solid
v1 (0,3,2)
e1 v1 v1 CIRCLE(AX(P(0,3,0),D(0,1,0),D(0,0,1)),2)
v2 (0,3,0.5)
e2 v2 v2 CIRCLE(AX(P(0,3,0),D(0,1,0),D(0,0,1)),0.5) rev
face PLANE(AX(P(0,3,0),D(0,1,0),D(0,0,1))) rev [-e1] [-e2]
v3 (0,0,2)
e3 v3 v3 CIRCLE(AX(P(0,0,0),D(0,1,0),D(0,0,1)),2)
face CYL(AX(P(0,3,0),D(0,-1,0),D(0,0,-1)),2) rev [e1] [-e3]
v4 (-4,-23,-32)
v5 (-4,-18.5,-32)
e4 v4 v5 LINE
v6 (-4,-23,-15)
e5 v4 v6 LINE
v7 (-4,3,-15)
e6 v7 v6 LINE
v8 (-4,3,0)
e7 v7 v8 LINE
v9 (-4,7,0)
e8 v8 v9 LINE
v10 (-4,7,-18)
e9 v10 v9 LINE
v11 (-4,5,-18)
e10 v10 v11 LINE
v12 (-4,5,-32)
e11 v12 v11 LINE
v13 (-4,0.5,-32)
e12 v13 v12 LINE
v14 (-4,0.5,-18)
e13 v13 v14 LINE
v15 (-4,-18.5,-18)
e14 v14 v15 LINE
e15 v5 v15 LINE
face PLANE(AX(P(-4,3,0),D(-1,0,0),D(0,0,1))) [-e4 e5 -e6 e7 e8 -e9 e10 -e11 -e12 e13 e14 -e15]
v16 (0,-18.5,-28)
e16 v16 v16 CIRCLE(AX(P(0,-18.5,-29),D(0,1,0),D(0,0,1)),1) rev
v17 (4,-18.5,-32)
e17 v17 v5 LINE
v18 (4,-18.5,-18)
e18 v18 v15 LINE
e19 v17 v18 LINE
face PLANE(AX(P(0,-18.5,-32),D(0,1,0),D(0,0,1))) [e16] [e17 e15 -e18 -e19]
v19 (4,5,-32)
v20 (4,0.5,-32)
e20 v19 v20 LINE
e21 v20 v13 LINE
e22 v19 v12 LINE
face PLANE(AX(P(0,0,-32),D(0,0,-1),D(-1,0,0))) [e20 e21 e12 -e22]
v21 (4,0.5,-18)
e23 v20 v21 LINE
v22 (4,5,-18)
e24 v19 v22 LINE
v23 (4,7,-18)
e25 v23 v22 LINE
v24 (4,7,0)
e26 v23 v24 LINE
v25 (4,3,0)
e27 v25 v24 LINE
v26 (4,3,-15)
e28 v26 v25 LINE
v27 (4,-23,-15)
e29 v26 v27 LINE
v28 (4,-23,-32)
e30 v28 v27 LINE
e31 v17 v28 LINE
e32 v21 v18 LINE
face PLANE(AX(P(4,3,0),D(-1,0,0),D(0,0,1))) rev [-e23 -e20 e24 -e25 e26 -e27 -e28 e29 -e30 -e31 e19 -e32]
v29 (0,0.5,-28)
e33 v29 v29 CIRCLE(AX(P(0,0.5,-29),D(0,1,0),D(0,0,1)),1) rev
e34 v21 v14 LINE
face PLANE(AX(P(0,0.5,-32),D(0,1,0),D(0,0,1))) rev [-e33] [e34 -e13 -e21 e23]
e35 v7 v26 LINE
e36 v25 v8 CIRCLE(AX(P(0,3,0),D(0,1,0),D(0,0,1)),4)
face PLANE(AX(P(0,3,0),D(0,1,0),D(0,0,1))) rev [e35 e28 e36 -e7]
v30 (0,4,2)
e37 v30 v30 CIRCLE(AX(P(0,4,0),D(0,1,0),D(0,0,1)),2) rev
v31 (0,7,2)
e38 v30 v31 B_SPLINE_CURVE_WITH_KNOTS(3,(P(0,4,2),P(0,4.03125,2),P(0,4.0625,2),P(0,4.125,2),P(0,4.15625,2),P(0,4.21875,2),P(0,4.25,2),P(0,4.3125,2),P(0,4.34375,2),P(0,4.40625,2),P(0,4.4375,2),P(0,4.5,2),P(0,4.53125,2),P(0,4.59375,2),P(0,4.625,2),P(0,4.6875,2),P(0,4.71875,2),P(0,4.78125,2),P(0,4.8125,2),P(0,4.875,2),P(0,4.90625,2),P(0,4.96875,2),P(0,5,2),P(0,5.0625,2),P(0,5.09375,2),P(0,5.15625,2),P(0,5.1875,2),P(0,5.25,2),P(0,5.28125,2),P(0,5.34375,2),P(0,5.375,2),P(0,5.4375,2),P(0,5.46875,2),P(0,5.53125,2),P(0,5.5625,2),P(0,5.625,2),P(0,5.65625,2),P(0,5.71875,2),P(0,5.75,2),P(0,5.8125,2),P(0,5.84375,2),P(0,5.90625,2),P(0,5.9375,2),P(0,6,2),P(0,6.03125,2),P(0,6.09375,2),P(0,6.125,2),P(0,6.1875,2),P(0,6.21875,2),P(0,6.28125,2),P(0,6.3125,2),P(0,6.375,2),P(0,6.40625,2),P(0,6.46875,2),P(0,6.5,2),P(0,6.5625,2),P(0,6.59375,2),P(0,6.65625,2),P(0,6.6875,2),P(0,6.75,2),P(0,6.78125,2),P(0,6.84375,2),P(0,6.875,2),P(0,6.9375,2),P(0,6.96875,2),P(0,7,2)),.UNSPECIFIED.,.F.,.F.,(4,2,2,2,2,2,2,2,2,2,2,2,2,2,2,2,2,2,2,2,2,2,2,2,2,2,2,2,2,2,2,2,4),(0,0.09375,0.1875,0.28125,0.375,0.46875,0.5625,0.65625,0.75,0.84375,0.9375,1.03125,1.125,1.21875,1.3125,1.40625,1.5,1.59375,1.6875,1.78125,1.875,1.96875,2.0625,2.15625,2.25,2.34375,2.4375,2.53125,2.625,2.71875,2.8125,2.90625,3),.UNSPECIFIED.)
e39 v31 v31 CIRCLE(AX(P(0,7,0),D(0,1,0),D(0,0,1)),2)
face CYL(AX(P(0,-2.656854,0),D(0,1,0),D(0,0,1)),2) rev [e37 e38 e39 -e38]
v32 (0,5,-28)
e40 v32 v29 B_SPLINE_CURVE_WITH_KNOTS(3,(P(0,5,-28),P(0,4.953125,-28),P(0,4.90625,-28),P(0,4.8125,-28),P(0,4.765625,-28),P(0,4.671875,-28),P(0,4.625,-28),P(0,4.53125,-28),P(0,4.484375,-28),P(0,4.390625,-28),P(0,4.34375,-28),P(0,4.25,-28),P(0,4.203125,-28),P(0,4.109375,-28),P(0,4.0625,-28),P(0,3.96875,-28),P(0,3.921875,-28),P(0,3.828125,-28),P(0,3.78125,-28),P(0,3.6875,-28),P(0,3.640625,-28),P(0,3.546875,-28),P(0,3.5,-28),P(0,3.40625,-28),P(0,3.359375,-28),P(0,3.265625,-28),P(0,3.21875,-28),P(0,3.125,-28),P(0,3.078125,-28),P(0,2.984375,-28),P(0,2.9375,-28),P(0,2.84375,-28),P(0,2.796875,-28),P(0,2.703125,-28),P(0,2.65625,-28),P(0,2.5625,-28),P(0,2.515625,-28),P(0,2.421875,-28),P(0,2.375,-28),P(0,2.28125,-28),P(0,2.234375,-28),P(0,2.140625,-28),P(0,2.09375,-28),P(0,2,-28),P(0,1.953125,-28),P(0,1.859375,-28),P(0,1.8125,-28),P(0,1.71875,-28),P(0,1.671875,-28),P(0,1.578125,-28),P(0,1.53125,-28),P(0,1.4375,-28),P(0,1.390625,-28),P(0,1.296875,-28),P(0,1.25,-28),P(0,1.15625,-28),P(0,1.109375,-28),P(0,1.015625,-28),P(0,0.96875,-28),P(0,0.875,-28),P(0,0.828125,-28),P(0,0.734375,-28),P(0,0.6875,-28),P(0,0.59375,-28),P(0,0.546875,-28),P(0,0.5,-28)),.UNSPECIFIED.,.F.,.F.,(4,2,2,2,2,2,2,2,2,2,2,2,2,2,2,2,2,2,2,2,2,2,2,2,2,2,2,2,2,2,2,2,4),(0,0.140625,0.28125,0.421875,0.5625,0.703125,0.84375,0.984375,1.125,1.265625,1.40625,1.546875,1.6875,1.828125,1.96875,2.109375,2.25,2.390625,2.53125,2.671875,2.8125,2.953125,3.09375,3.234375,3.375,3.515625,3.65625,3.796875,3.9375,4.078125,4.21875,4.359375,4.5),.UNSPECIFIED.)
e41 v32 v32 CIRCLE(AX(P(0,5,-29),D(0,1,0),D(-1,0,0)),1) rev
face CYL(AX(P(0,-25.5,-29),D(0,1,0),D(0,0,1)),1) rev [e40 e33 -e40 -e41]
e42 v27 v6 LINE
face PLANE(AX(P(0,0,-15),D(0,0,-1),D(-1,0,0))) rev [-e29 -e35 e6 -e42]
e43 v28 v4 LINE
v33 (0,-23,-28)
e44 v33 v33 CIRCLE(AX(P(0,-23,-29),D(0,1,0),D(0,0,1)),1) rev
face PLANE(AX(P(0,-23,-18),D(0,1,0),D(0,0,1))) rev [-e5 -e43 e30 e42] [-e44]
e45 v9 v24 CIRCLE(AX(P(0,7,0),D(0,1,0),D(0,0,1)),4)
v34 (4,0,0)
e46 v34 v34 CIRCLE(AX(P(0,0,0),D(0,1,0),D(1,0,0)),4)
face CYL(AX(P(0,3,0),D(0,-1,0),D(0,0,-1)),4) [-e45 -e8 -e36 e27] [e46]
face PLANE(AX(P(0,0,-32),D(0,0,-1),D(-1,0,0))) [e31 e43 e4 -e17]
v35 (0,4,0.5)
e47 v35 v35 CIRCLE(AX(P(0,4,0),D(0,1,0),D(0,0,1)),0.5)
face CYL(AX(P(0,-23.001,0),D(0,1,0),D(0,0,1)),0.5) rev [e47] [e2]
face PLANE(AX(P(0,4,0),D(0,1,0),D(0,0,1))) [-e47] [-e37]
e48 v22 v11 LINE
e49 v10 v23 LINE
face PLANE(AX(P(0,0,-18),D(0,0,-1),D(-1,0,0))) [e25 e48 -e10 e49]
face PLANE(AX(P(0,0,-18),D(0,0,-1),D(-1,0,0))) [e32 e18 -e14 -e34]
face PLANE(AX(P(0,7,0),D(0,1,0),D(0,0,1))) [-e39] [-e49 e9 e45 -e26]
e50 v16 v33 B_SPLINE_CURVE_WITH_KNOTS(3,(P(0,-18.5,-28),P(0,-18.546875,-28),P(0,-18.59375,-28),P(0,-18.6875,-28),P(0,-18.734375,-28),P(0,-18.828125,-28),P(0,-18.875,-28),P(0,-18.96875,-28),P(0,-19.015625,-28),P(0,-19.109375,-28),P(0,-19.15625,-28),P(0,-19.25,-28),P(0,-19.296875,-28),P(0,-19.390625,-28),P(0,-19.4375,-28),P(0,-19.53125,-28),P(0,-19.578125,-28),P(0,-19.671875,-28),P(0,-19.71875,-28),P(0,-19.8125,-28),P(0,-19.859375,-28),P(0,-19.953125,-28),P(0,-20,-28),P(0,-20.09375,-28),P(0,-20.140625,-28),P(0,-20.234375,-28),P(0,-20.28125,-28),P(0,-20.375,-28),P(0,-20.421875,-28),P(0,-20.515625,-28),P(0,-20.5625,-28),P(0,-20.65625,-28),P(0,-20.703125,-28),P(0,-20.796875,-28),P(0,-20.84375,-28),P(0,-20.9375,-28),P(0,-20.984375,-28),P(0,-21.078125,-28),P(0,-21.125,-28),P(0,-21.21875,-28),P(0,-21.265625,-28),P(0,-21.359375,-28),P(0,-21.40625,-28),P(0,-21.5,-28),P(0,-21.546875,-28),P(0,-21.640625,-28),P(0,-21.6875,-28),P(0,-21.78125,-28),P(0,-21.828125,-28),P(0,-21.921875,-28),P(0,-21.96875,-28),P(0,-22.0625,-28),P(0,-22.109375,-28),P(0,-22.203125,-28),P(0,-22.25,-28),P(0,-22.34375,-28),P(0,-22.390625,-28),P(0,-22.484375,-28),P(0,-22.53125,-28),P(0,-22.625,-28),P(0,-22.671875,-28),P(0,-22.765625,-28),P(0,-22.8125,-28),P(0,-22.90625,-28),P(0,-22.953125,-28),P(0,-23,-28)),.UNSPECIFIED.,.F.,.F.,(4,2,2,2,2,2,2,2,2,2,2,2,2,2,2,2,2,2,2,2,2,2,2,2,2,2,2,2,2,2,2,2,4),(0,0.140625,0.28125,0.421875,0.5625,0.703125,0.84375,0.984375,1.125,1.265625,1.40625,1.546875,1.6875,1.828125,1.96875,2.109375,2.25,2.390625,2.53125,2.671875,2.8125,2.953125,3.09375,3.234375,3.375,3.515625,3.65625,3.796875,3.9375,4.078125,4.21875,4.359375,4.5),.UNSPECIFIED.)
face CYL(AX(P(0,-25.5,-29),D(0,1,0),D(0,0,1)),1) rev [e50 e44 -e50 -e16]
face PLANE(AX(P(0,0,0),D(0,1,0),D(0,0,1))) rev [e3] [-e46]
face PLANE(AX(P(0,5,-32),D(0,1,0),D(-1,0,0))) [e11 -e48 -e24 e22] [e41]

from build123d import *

# Parameters (mm, degrees)
SKETCH_1_R               = 4
SKETCH_1_R_2             = 2
EXTRUDE_1_DEPTH          = 3
SKETCH_2_R               = 4
SKETCH_2_R_2             = 2
EXTRUDE_1_2_DEPTH        = 2
EXTRUDE_2_DEPTH          = 2
EXTRUDE_2_DEPTH_BACK     = 2
SKETCH_4_W               = 8
SKETCH_4_H               = 26
SKETCH_4_H_2             = 4
EXTRUDE_3_DEPTH          = 3
SKETCH_5_W               = 8
SKETCH_5_H               = 4.5
EXTRUDE_4_DEPTH          = 14
CUT_EXTRUDE_1_DEPTH      = 26
CUT_EXTRUDE_1_DEPTH_BACK = 40.903007405
SKETCH_6_R               = 1
CUT_EXTRUDE_START        = -3
SKETCH_7_R               = 2
CUT_EXTRUDE_2_DEPTH      = 3
CUT_EXTRUDE_3_REACH      = 44.059
SKETCH_8_R               = 0.5


with BuildPart() as part:
    # 草图1 → Extrude 1 (new body)
    with BuildSketch(Plane(origin=(0, 0, 0), x_dir=(1, 0, 0), z_dir=(0, 1, 0))):
        Circle(SKETCH_1_R)
        Circle(SKETCH_1_R_2, mode=Mode.SUBTRACT)
    extrude(amount=EXTRUDE_1_DEPTH)

    # 草图2 → Extrude 1 2 (add)
    # profile 1 of 2: a face of its own
    with BuildSketch(Plane(origin=(0, 3, 0), x_dir=(1, 0, 0), z_dir=(0, 1, 0))):
        Circle(SKETCH_2_R)
        with Locations(Location((0, 0, 0), (0, 0, 270))):
            Circle(SKETCH_2_R_2, mode=Mode.SUBTRACT)
    # profile 2 of 2: a face of its own
    with BuildSketch(Plane(origin=(0, 3, 0), x_dir=(1, 0, 0), z_dir=(0, 1, 0))):
        with Locations(Location((0, 0, 0), (0, 0, 270))):
            Circle(SKETCH_2_R_2)
    extrude(amount=EXTRUDE_1_2_DEPTH)

    # 草图3 → 凸台-拉伸2 (add, two sides: drawn at the far end of the back side and taken through both)
    with BuildSketch(Plane(origin=(0, 5, 0), x_dir=(1, 0, 0), z_dir=(0, 1, 0)).offset(-EXTRUDE_2_DEPTH_BACK)):
        with BuildLine():
            ThreePointArc((4, 0), (0, 4), (-4, 0))
            Line((-4, 0), (4, 0))
        make_face()
        with BuildLine():
            Line((4, 0), (-4, 0))
            ThreePointArc((-4, 0), (0, -4), (4, 0))
        make_face()
        with BuildLine():
            ThreePointArc((4, 0), (0, 4), (-4, 0))
            Line((-4, 0), (4, 0))
        make_face()
        with BuildLine():
            Line((4, 0), (-4, 0))
            ThreePointArc((-4, 0), (0, -4), (4, 0))
        make_face()
        with BuildLine():
            Line((4, 15), (-4, 15))
            Line((-4, 15), (-4, 0))
            ThreePointArc((-4, 0), (0, 4), (4, 0))
            Line((4, 0), (4, 15))
        make_face()
    extrude(amount=EXTRUDE_2_DEPTH + EXTRUDE_2_DEPTH_BACK)

    # 草图4 → 凸台-拉伸3 (add)
    with BuildSketch(Plane(origin=(0, 0, -15), x_dir=(-1, 0, 0), z_dir=(0, 0, -1))):
        with Locations((0, -10)):
            Rectangle(SKETCH_4_W, SKETCH_4_H)
        with Locations((0, 5)):
            Rectangle(SKETCH_4_W, SKETCH_4_H_2)
    extrude(amount=EXTRUDE_3_DEPTH)

    # 草图5 → 凸台-拉伸4 (add)
    with BuildSketch(Plane(origin=(0, 0, -18), x_dir=(-1, 0, 0), z_dir=(0, 0, -1))):
        with Locations((0, 2.75)):
            Rectangle(SKETCH_5_W, SKETCH_5_H)
        with Locations((0, -20.75)):
            Rectangle(SKETCH_5_W, SKETCH_5_H)
    extrude(amount=EXTRUDE_4_DEPTH)

    # 草图6 → 切除-拉伸1 (cut, two sides: drawn at the far end of the back side and taken through both)
    with BuildSketch(Plane.XZ.offset(-0.5).offset(-CUT_EXTRUDE_1_DEPTH_BACK)):
        with Locations(Location((0, -29, 0), (0, 0, 90))):
            Circle(SKETCH_6_R)
    extrude(amount=CUT_EXTRUDE_1_DEPTH + CUT_EXTRUDE_1_DEPTH_BACK, mode=Mode.SUBTRACT)

    # 草图7 → 切除-拉伸2 (cut)
    with BuildSketch(Plane(origin=(0, 7, 0), x_dir=(1, 0, 0), z_dir=(0, 1, 0)).offset(CUT_EXTRUDE_START)):
        with Locations(Location((0, 0, 0), (0, 0, 270))):
            Circle(SKETCH_7_R)
    extrude(amount=CUT_EXTRUDE_2_DEPTH, mode=Mode.SUBTRACT)

    # 草图8 → 切除-拉伸3 (cut, up to next)
    with BuildSketch(Plane(origin=(0, 4, 0), x_dir=(1, 0, 0), z_dir=(0, 1, 0)), mode=Mode.PRIVATE) as cut_extrude_3_sk1:
        with Locations(Location((0, 0, 0), (0, 0, 270))):
            Circle(SKETCH_8_R)
    cut_extrude_3_tool1 = extrude(cut_extrude_3_sk1.sketch, amount=-CUT_EXTRUDE_3_REACH, mode=Mode.PRIVATE) & part.part
    add(cut_extrude_3_tool1.solids().sort_by_distance((0, 4, 0))[0], mode=Mode.SUBTRACT)


solid = part.part
